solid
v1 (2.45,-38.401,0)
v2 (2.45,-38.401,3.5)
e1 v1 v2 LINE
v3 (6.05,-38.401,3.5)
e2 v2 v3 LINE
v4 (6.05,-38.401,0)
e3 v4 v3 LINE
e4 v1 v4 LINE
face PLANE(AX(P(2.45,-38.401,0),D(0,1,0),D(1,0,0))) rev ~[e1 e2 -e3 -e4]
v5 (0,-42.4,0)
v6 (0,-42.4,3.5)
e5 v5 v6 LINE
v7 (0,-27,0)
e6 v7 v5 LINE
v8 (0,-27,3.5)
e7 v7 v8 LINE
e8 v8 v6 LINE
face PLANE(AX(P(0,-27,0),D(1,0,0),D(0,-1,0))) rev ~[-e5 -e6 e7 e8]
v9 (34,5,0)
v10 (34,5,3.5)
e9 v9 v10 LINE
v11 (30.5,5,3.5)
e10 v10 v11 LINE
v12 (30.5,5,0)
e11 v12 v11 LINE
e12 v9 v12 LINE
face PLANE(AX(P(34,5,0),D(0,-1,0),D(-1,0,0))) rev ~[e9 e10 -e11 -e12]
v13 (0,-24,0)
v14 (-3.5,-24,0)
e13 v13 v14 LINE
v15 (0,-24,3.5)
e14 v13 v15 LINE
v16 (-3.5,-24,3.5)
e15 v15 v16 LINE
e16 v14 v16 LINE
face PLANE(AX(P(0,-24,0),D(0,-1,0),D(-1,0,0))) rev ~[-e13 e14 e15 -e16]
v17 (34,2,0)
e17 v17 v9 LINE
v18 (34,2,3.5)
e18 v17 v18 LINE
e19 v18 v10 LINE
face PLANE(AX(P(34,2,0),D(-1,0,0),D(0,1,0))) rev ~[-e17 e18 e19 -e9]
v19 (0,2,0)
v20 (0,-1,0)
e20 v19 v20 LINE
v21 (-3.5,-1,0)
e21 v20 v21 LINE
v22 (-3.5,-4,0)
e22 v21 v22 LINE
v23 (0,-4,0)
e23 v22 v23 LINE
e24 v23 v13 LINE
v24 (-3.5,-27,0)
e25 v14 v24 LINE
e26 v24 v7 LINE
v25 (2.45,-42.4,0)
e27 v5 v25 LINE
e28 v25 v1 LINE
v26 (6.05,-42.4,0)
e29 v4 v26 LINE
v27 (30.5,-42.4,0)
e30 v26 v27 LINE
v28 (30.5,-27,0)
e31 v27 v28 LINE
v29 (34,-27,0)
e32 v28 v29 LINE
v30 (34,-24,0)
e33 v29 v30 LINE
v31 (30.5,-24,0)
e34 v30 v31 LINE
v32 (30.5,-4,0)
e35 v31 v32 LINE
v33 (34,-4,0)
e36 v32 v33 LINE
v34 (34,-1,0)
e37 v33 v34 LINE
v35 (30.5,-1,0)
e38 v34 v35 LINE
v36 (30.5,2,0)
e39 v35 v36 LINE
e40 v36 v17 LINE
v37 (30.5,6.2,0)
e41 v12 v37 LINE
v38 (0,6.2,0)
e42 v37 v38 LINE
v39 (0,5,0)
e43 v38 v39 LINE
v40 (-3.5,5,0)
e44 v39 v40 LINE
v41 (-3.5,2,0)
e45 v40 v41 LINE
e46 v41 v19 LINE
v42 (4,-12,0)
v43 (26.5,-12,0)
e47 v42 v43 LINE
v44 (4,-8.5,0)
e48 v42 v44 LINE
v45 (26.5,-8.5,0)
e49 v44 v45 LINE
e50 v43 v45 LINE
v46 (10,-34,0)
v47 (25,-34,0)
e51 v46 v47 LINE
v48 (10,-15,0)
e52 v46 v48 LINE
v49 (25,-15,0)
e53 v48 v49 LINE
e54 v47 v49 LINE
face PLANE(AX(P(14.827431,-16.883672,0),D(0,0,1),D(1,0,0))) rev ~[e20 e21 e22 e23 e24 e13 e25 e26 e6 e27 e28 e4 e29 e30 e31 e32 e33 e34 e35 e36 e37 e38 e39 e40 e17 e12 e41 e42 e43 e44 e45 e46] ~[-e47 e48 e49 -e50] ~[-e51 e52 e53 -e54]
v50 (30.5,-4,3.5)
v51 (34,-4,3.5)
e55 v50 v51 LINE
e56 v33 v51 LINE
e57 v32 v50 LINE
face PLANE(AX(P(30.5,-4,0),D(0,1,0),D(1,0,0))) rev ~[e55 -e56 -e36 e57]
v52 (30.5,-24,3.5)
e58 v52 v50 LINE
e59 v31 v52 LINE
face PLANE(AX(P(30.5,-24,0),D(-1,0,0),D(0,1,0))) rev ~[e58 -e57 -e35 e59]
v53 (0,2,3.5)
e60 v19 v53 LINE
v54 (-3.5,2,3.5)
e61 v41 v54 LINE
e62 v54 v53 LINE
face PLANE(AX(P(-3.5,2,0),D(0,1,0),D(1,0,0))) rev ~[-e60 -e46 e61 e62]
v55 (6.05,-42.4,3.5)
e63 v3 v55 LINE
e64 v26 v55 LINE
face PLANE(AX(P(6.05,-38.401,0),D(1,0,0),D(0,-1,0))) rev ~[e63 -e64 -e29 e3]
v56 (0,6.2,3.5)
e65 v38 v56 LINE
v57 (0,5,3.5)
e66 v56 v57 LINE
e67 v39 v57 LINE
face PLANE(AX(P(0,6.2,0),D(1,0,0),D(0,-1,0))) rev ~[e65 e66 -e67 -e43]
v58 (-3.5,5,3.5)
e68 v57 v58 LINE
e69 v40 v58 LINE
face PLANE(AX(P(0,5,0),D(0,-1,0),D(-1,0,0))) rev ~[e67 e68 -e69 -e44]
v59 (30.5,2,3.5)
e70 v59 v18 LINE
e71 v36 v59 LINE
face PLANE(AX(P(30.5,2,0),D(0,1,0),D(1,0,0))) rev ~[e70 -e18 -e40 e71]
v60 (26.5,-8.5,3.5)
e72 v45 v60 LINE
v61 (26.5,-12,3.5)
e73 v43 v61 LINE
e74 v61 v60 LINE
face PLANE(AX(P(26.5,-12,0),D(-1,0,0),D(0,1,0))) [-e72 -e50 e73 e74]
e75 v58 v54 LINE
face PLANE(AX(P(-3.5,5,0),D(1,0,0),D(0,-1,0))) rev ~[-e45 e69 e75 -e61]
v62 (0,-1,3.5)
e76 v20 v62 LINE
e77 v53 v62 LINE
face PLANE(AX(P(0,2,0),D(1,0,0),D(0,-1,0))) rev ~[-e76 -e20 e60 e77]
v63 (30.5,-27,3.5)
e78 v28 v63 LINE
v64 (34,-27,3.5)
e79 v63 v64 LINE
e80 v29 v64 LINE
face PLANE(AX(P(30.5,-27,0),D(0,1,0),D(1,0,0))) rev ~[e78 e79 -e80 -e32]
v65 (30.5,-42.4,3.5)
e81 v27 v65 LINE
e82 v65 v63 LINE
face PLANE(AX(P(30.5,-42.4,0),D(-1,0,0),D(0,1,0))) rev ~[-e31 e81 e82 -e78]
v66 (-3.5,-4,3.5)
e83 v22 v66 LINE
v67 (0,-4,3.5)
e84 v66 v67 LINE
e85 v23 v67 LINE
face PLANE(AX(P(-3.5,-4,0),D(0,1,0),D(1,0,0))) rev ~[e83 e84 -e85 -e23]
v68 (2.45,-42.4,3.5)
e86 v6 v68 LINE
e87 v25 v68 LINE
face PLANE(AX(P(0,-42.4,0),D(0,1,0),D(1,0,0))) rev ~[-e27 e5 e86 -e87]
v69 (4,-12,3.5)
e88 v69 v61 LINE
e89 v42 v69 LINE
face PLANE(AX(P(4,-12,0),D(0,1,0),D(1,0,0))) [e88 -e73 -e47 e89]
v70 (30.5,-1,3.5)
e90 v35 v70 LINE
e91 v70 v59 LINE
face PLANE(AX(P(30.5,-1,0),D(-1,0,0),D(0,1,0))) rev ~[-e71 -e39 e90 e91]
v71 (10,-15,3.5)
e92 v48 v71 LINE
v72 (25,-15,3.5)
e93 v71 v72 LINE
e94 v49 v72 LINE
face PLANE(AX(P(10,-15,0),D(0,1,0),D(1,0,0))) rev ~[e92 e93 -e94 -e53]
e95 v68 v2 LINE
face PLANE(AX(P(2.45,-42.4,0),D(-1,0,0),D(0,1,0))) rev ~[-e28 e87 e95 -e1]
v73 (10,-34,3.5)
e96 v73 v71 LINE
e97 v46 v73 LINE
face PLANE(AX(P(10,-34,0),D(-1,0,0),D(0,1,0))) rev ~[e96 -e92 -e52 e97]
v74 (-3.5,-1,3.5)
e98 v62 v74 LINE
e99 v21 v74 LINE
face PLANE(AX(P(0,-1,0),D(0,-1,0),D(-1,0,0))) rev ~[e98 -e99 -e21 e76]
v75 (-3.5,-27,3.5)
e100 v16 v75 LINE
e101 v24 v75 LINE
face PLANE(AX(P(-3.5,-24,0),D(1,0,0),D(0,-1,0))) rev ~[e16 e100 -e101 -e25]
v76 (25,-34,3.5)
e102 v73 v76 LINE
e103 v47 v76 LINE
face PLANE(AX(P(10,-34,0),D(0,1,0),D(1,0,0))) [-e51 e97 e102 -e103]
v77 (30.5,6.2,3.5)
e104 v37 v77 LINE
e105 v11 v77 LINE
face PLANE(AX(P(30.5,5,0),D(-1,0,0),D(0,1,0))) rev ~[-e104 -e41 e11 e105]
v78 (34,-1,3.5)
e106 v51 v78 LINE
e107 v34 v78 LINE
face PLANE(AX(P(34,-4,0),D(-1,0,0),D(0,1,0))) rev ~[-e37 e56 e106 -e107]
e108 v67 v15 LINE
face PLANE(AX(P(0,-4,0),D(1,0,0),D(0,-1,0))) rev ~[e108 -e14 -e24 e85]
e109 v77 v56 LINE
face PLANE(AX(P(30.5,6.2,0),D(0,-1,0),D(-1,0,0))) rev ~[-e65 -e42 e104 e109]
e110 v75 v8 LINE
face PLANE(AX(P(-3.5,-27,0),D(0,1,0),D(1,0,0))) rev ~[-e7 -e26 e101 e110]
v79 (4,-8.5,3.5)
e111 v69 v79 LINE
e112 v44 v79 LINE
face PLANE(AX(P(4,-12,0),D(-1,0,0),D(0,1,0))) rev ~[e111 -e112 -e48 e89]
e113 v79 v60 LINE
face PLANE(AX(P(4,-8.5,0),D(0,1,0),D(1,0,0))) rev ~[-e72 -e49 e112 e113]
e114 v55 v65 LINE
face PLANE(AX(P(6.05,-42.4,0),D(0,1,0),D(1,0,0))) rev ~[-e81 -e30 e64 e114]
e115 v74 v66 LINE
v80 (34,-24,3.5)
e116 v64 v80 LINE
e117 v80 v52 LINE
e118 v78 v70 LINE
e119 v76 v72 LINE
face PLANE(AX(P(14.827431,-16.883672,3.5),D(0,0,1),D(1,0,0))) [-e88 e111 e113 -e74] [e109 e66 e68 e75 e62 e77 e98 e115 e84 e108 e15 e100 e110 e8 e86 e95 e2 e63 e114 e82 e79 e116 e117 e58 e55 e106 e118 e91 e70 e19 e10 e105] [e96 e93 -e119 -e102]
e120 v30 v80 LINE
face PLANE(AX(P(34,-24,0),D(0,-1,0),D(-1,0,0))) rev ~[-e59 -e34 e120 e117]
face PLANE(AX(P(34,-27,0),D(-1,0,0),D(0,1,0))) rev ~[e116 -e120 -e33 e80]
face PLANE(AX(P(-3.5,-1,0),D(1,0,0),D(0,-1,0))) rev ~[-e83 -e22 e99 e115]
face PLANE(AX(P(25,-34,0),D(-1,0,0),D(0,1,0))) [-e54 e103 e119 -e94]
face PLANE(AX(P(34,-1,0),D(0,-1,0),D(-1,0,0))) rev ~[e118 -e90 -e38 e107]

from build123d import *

# Parameters (mm, degrees)
PROFILE_LASER_PROFILE_3P5_W   = 22.5
PROFILE_LASER_PROFILE_3P5_H   = 3.5
PROFILE_LASER_PROFILE_3P5_W_2 = 15
PROFILE_LASER_PROFILE_3P5_H_2 = 19
LASER_PROFILE_3P5_DEPTH       = 3.5


with BuildPart() as part:
    # Profile_Laser_profile_3p5 → Laser_profile_3p5 (new body)
    with BuildSketch(Plane.XY):
        Polygon((0, -42.4), (2.45, -42.4), (2.45, -38.401), (6.05, -38.401), (6.05, -42.4), (30.5, -42.4), (30.5, -27), (34, -27), (34, -24), (30.5, -24), (30.5, -4), (34, -4), (34, -1), (30.5, -1), (30.5, 2), (34, 2), (34, 5), (30.5, 5), (30.5, 6.2), (0, 6.2), (0, 5), (-3.5, 5), (-3.5, 2), (0, 2), (0, -1), (-3.5, -1), (-3.5, -4), (0, -4), (0, -24), (-3.5, -24), (-3.5, -27), (0, -27), align=None)
        with Locations((15.25, -10.25)):
            Rectangle(PROFILE_LASER_PROFILE_3P5_W, PROFILE_LASER_PROFILE_3P5_H, mode=Mode.SUBTRACT)
        with Locations((17.5, -24.5)):
            Rectangle(PROFILE_LASER_PROFILE_3P5_W_2, PROFILE_LASER_PROFILE_3P5_H_2, mode=Mode.SUBTRACT)
    extrude(amount=LASER_PROFILE_3P5_DEPTH)


solid = part.part
